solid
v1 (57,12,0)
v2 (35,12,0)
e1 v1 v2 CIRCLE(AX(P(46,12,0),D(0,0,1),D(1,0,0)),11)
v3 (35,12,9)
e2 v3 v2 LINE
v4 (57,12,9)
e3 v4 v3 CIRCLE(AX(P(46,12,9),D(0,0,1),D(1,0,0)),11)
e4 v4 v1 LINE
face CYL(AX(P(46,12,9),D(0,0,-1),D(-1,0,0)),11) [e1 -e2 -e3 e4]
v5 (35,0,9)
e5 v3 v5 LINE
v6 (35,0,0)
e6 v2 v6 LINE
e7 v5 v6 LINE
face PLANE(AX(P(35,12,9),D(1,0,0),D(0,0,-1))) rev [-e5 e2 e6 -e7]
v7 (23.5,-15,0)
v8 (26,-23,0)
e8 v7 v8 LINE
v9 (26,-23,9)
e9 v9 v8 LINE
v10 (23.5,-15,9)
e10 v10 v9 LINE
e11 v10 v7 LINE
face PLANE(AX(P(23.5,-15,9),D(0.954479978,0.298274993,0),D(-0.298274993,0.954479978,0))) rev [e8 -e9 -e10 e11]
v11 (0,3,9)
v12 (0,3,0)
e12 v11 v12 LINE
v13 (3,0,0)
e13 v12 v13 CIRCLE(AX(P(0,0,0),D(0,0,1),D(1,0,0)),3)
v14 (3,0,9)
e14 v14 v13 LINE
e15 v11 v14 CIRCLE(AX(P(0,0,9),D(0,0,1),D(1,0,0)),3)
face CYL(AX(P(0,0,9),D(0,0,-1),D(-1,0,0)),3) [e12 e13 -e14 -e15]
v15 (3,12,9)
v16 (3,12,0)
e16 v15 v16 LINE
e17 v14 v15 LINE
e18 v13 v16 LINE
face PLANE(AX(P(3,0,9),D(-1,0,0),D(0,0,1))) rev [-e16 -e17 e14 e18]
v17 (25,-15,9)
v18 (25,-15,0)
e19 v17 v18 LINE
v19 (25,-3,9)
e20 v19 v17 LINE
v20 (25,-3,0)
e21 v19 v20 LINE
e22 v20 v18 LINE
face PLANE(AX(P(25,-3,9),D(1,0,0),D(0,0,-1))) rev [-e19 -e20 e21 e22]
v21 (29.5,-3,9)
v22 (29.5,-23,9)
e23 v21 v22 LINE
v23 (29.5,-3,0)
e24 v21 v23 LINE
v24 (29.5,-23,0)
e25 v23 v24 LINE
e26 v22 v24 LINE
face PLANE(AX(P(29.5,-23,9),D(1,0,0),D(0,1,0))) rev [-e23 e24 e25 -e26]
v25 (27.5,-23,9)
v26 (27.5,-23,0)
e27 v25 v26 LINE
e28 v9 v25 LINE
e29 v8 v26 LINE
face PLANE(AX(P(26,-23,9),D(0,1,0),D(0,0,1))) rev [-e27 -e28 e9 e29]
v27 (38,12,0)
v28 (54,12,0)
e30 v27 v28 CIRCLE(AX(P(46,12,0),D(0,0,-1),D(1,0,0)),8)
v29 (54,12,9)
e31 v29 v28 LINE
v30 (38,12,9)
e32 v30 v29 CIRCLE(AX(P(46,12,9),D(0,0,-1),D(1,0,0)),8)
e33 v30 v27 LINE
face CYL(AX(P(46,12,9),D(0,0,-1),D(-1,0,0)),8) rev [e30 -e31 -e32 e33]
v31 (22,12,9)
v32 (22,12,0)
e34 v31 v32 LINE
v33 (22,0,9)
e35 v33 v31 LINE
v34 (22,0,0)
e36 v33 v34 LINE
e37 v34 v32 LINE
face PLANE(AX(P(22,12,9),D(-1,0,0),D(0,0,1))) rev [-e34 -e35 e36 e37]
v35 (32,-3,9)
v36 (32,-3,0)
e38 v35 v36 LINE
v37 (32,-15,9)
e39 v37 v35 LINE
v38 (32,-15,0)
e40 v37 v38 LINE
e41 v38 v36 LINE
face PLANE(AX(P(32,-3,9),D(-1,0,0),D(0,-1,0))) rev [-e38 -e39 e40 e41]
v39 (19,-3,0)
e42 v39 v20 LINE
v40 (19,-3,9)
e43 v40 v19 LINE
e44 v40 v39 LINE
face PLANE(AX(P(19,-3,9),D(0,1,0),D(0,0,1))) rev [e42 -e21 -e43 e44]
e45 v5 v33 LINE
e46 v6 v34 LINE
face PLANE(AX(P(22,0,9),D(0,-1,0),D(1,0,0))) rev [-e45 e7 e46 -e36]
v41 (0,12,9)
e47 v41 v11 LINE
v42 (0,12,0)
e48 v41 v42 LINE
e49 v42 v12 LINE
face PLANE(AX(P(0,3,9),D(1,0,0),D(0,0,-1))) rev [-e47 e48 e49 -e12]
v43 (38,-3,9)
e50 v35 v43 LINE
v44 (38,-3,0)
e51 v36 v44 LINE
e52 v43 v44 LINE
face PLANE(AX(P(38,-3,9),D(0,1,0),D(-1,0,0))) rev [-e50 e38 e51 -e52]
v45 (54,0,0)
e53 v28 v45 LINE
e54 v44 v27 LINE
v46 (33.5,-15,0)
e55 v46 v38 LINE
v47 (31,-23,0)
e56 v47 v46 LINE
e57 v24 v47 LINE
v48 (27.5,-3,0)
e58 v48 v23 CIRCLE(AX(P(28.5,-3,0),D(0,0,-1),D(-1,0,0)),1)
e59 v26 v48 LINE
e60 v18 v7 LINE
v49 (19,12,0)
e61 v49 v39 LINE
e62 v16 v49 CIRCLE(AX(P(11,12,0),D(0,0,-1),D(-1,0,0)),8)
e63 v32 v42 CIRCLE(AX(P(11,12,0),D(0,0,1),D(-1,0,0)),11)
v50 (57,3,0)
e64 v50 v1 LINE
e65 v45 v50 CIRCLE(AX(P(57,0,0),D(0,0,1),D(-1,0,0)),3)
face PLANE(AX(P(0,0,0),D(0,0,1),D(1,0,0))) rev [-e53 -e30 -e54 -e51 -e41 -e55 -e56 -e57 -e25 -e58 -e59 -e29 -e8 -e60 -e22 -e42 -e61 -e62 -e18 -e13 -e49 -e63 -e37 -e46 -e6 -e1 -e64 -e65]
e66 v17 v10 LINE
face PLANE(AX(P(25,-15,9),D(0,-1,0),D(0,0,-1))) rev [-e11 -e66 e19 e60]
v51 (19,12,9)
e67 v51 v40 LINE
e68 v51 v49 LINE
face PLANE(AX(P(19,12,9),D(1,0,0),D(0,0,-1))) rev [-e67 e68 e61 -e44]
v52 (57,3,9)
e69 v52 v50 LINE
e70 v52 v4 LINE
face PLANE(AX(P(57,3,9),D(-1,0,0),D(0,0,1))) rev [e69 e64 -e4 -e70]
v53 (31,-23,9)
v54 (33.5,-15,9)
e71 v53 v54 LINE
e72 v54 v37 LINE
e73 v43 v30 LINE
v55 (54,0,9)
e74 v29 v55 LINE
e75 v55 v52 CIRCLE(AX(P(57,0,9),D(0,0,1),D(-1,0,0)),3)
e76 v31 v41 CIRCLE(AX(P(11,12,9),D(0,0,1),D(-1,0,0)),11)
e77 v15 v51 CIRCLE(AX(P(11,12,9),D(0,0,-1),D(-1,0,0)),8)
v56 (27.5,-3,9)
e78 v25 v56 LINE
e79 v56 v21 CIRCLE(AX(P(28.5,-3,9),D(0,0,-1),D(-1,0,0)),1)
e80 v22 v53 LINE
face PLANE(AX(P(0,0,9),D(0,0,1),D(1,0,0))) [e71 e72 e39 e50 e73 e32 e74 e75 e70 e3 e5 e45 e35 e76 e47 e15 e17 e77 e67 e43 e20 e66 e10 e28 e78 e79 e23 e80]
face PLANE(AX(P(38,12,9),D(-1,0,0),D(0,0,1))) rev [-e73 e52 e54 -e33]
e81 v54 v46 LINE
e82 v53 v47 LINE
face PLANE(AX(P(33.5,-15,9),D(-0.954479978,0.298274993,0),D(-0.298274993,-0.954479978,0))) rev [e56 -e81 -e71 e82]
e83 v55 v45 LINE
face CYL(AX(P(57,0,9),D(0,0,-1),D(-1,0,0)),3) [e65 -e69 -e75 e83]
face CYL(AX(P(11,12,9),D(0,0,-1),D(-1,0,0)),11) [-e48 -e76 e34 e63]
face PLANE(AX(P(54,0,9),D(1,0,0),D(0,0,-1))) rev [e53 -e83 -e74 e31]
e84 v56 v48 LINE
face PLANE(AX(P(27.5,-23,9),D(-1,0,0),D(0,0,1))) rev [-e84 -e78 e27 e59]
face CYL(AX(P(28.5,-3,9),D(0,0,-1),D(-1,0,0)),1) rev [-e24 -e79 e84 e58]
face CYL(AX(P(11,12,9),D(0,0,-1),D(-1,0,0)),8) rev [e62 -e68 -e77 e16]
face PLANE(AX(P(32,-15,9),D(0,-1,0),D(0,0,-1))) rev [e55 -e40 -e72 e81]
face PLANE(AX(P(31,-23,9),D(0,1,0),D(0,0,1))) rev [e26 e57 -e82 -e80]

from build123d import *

# Parameters (mm, degrees)
BOSS_EXTRUDE1_DEPTH = 9


with BuildPart() as part:
    # Sketch1 → Boss-Extrude1 (new body)
    with BuildSketch(Plane.XY):
        with BuildLine():
            Line((0, 3), (0, 12))
            ThreePointArc((0, 12), (11, 23), (22, 12))
            Line((22, 12), (22, 0))
            Line((22, 0), (35, 0))
            Line((35, 0), (35, 12))
            ThreePointArc((35, 12), (46, 23), (57, 12))
            Line((57, 12), (57, 3))
            ThreePointArc((57, 3), (59.121320344, -2.121320344), (54, 0))
            Line((54, 0), (54, 12))
            ThreePointArc((54, 12), (46, 20), (38, 12))
            Line((38, 12), (38, -3))
            Line((38, -3), (32, -3))
            Line((32, -3), (32, -15))
            Line((32, -15), (33.5, -15))
            Line((33.5, -15), (31, -23))
            Line((31, -23), (29.5, -23))
            Line((29.5, -23), (29.5, -3))
            ThreePointArc((29.5, -3), (28.5, -2), (27.5, -3))
            Line((27.5, -3), (27.5, -23))
            Line((27.5, -23), (26, -23))
            Line((26, -23), (23.5, -15))
            Line((23.5, -15), (25, -15))
            Line((25, -15), (25, -3))
            Line((25, -3), (19, -3))
            Line((19, -3), (19, 12))
            ThreePointArc((19, 12), (11, 20), (3, 12))
            Line((3, 12), (3, 0))
            ThreePointArc((3, 0), (-2.121320344, -2.121320344), (0, 3))
        make_face()
    extrude(amount=BOSS_EXTRUDE1_DEPTH)


solid = part.part
